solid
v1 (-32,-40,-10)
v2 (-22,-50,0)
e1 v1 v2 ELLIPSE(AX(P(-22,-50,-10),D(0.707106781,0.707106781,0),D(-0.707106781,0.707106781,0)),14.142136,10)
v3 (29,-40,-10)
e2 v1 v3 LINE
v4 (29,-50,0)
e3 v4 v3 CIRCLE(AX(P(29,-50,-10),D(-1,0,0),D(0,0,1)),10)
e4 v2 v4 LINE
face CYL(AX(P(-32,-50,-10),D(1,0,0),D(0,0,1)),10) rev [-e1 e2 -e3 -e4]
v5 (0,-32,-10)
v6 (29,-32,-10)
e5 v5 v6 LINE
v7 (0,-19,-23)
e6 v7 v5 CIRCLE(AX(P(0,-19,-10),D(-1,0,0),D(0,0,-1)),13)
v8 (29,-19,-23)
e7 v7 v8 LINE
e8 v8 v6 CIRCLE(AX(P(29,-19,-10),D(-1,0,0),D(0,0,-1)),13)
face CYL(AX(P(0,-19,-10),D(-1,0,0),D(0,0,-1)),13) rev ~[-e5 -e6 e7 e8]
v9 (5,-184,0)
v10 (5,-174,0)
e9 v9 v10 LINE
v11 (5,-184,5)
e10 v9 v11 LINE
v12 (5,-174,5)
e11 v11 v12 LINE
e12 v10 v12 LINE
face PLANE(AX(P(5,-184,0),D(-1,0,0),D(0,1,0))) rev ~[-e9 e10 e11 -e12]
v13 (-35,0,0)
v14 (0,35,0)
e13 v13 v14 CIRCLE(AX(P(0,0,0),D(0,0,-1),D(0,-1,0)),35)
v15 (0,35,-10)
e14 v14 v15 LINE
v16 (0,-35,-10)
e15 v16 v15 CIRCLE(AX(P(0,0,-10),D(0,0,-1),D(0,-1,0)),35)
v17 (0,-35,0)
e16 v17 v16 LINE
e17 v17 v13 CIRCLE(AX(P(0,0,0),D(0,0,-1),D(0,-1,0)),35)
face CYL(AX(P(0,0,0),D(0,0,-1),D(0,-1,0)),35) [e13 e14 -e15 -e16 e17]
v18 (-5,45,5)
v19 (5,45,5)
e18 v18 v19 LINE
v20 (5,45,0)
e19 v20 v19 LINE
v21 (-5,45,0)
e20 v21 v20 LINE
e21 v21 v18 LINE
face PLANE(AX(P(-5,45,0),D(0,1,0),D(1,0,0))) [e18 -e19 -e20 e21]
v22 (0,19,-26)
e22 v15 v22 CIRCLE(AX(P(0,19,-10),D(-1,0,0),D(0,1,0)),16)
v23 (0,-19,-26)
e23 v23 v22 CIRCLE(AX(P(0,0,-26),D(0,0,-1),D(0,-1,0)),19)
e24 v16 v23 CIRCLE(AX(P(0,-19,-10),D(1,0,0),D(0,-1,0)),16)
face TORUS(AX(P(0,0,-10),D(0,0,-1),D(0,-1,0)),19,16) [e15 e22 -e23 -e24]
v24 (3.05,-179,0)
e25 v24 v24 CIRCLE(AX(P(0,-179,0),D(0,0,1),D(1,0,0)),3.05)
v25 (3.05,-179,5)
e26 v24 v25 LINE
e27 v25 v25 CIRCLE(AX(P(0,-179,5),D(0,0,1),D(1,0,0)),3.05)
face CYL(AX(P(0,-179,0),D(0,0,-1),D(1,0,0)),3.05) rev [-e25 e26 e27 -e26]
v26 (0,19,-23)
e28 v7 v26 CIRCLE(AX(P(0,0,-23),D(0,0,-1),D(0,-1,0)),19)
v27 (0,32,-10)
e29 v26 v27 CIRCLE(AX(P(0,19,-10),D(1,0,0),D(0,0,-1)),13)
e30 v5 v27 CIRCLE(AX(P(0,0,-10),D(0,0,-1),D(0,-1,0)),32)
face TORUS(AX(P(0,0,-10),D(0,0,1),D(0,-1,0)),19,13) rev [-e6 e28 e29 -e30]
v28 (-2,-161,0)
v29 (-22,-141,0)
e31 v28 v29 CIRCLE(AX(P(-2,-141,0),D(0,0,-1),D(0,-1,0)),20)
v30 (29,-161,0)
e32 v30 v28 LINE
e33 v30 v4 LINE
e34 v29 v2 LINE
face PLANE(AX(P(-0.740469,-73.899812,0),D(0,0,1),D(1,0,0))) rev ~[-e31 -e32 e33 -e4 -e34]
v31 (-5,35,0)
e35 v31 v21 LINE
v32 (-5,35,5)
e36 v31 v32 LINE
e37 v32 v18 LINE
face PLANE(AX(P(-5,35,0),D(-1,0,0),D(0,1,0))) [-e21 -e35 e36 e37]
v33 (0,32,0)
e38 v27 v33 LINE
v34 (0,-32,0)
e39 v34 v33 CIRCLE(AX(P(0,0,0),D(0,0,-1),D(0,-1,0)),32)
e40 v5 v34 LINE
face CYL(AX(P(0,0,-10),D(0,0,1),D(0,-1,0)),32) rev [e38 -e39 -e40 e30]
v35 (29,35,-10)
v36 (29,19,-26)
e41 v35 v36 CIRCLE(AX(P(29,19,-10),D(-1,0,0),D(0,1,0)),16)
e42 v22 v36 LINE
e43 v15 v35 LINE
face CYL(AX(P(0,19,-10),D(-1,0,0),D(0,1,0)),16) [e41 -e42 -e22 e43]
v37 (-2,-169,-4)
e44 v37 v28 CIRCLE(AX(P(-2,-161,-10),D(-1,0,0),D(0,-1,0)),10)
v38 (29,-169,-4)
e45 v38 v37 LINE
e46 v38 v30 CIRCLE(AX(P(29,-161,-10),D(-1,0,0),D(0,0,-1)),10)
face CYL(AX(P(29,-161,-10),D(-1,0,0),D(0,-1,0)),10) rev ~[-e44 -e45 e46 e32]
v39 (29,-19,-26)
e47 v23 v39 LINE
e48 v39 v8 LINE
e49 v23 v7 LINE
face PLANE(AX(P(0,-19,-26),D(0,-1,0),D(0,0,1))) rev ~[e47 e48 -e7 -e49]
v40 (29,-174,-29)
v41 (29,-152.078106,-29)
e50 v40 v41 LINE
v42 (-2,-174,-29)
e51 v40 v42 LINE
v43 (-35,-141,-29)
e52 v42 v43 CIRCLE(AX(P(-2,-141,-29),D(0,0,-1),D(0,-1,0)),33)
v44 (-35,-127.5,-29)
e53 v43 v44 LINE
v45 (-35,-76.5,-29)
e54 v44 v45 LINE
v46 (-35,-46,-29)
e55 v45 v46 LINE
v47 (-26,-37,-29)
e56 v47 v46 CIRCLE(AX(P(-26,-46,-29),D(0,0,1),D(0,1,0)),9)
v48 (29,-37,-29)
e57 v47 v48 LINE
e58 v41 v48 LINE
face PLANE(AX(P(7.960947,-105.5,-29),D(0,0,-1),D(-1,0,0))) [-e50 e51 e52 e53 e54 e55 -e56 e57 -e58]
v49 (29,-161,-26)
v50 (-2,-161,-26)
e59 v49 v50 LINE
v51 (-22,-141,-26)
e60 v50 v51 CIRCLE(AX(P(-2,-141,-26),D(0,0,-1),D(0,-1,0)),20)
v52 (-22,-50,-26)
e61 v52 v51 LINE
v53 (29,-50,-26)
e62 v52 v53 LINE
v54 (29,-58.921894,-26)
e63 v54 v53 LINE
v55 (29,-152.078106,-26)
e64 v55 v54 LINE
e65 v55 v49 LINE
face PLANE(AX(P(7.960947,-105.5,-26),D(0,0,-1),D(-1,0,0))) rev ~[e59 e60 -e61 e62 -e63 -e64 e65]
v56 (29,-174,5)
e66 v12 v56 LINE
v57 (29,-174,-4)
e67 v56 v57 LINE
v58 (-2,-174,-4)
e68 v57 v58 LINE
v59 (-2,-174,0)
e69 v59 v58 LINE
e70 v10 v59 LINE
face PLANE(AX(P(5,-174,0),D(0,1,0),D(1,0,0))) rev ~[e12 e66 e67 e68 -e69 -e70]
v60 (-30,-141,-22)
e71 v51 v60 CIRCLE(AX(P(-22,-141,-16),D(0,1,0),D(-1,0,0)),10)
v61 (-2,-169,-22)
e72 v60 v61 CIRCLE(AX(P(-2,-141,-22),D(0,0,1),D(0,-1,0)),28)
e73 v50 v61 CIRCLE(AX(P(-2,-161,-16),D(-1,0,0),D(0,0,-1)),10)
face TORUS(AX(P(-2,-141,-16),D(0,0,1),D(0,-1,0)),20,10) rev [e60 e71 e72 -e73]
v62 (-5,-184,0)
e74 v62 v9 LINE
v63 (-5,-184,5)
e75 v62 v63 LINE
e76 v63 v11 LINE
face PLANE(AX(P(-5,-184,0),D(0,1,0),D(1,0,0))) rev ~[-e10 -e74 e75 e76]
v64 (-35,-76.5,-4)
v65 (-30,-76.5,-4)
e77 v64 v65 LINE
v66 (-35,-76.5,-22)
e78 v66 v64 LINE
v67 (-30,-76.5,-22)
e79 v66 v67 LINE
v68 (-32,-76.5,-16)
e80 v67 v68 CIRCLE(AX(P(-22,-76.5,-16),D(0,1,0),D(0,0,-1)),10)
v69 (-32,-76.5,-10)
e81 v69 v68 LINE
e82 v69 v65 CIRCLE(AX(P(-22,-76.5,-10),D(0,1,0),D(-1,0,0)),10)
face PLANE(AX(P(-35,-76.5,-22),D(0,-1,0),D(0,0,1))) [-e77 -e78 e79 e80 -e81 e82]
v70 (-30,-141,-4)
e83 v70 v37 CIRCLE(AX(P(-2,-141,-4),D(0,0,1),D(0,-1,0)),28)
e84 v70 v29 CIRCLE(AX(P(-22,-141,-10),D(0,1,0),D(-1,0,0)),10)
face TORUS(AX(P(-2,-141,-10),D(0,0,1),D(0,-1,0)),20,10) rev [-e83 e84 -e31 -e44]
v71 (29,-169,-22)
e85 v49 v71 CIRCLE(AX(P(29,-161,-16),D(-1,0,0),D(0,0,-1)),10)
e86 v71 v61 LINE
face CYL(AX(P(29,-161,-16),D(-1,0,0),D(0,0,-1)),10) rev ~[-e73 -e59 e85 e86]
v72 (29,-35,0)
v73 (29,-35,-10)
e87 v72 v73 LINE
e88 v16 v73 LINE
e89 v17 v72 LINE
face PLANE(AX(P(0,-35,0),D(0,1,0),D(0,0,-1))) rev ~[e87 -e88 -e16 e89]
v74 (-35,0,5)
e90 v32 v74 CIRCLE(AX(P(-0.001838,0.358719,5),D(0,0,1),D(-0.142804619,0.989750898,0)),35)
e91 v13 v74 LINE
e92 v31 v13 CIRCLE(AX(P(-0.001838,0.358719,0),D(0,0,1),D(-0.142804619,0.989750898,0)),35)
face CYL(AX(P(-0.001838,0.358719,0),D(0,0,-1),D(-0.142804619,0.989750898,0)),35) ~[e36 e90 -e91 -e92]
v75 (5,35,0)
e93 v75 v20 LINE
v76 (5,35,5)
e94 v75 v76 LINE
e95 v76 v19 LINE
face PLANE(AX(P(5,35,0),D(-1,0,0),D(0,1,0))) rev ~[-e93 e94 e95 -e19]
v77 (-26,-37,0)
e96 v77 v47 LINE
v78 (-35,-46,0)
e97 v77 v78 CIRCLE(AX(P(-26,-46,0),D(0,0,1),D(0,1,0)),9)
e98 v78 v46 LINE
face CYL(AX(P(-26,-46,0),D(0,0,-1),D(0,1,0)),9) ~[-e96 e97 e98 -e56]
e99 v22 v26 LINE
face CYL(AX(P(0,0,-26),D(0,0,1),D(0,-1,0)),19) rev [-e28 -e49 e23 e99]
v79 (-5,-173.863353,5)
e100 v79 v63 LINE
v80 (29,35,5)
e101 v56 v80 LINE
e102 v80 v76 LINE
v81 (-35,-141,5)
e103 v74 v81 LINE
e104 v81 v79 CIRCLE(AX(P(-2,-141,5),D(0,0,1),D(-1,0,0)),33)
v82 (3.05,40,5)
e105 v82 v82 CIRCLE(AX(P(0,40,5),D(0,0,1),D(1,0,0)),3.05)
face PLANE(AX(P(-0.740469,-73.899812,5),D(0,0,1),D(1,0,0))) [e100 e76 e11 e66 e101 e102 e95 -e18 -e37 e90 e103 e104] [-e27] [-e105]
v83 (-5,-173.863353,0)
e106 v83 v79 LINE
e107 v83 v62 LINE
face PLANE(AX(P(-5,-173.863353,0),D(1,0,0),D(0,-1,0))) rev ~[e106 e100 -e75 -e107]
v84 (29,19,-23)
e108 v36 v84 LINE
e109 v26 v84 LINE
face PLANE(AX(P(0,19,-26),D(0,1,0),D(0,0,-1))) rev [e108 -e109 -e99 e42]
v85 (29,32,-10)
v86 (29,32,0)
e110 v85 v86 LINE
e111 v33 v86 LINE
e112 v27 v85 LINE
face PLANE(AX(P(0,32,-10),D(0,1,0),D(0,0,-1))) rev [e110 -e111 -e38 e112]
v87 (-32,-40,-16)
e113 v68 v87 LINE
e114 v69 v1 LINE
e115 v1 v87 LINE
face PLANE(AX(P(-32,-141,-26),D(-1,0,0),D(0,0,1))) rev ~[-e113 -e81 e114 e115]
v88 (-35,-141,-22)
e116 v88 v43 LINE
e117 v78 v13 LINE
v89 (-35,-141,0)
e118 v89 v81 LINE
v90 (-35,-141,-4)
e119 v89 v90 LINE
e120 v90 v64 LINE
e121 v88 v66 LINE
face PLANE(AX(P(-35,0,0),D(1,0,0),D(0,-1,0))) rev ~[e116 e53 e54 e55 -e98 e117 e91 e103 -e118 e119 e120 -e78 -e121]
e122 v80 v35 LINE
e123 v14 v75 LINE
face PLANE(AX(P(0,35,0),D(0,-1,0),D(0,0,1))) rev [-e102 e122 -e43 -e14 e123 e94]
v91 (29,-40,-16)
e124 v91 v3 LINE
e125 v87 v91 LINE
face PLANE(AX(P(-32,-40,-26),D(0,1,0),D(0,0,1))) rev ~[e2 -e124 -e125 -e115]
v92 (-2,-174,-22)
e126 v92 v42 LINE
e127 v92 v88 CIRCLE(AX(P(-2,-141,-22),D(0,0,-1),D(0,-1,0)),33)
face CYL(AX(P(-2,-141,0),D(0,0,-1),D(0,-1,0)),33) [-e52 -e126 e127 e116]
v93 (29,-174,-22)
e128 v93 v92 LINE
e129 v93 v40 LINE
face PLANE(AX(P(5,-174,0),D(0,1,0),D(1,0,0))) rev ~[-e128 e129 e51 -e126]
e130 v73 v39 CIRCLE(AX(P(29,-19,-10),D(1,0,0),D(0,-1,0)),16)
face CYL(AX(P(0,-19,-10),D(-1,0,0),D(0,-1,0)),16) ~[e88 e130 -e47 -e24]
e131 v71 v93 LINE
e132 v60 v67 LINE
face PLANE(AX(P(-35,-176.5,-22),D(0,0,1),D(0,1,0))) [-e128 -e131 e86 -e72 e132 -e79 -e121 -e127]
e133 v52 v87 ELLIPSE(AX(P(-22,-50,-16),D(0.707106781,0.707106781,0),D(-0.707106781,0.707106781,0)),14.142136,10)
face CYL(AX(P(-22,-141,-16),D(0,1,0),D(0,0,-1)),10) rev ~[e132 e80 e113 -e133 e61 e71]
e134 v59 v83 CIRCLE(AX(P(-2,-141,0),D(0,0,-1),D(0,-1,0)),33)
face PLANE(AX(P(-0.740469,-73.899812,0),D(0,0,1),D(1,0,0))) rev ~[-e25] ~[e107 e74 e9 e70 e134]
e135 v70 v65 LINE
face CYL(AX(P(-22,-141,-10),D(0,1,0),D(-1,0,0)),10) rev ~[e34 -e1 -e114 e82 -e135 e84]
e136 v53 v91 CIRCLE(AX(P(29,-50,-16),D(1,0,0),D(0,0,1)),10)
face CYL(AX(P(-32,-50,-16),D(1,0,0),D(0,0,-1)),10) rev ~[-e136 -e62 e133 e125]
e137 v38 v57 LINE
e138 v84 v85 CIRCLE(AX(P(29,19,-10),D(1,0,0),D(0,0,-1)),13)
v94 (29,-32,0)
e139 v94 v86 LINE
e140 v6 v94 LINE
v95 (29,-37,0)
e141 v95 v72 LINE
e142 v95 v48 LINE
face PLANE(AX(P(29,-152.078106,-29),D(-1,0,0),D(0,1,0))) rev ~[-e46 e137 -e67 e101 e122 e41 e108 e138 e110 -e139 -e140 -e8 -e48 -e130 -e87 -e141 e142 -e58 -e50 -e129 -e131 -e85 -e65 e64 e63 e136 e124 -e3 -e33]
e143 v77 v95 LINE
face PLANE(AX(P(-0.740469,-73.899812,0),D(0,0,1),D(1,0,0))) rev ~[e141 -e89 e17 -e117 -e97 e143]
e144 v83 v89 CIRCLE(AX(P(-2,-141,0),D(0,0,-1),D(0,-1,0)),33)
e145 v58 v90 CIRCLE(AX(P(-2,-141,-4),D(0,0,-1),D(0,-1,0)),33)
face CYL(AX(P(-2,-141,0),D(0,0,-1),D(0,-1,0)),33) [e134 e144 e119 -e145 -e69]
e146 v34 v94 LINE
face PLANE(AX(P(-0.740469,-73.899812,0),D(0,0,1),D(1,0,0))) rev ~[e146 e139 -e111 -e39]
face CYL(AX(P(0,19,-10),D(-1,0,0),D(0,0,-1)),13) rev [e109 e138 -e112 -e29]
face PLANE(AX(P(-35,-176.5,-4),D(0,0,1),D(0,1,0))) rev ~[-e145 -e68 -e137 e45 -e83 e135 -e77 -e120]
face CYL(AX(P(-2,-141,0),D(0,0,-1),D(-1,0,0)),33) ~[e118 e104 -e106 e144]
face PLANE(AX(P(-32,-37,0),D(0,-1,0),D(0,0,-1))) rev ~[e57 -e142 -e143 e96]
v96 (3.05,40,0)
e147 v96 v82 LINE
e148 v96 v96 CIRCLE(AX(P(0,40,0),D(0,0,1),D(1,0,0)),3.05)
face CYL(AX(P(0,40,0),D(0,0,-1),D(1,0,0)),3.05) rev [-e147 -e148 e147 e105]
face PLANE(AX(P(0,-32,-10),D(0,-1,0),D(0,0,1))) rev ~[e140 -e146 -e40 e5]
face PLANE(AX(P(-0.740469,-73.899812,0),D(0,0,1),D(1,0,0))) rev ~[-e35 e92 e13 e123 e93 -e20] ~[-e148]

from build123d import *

# Parameters (mm, degrees)
FILLET1_R           = 10
SKETCH12_R          = 3.05
SKETCH12_W          = 10
SKETCH12_H          = 10
BOSS_EXTRUDE4_DEPTH = 5
FILLET2_R           = 10
CUT_EXTRUDE5_REACH  = 198.959
SKETCH13_W          = 18
SKETCH13_H          = 100
REVOLVE2_ANGLE      = 180
BOSS_EXTRUDE5_DEPTH = 29
FILLET3_R           = 9
SKETCH15_W          = 42.078105567
SKETCH15_H          = 93.156211134
SKETCH15_W_2        = 21.921894433
SKETCH15_H_2        = 51
BOSS_EXTRUDE6_DEPTH = 3


with BuildPart() as part:
    # Sweep1: sweep along a path in r
    with BuildLine(Plane.XY) as sweep1_path:
        Line((29, -171), (-2, -171))
        ThreePointArc((-2, -171), (-23.213203436, -162.213203436), (-32, -141))
        Line((-32, -141), (-32, -40))
        Line((-32, -40), (29, -40))
    # Sketch11 → Sweep1 (sweep)
    with BuildSketch(Plane(origin=(29, 0, 0), x_dir=(0, 0, -1), z_dir=(1, 0, 0))):
        Polygon((0, -171), (0, -174), (29, -174), (29, -152.078105567), (26, -152.078105567), (26, -171), align=None)
    sweep(path=sweep1_path.line, transition=Transition.RIGHT)

    # Fillet1
    fillet1_edges = [part.edges().sort_by_distance(p)[0] for p in [
        (-23.213203436, -162.213203436, -26),
        (-32, -90.5, -26),
        (-1.5, -40, -26),
        (13.5, -171, -26),
    ]]
    fillet(fillet1_edges, radius=FILLET1_R)

    # Sketch12 → Boss-Extrude4 (add)
    # profile 1 of 2: a face of its own
    with BuildSketch(Plane.XY):
        with BuildLine():
            Line((29, 35), (5, 35))
            Line((5, 35), (-5, 35))
            ThreePointArc((-5, 35), (-26.575819403, 23.136416631), (-35, 0))
            Line((-35, 0), (-35, -141))
            ThreePointArc((-35, -141), (-26.372115214, -163.248595461), (-5, -173.86335345))
            Line((-5, -173.86335345), (-5, -184))
            Line((-5, -184), (5, -184))
            Line((5, -184), (5, -174))
            Line((5, -174), (29, -174))
            Line((29, -174), (29, 35))
        make_face()
        with Locations((0, -179)):
            Circle(SKETCH12_R, mode=Mode.SUBTRACT)
    # profile 2 of 2: a face of its own
    with BuildSketch(Plane.XY):
        with Locations((0, 40)):
            Rectangle(SKETCH12_W, SKETCH12_H)
        with Locations((0, 40)):
            Circle(SKETCH12_R, mode=Mode.SUBTRACT)
    extrude(amount=BOSS_EXTRUDE4_DEPTH)

    # Fillet2
    fillet2_edges = [part.edges().sort_by_distance(p)[0] for p in [
        (-23.213203436, -162.213203436, 0),
        (-32, -90.5, 0),
        (-1.5, -40, 0),
        (13.5, -171, 0),
    ]]
    fillet(fillet2_edges, radius=FILLET2_R)

    # Sketch13 → Cut-Extrude5 (cut, up to next)
    with BuildSketch(Plane.ZY.offset(35), mode=Mode.PRIVATE) as cut_extrude5_sk1:
        with Locations((-13, -126.5)):
            Rectangle(SKETCH13_W, SKETCH13_H)
    cut_extrude5_tool1 = extrude(cut_extrude5_sk1.sketch, amount=-CUT_EXTRUDE5_REACH, mode=Mode.PRIVATE) & part.part
    add(cut_extrude5_tool1.solids().sort_by_distance((-35, -126.5, -13))[0], mode=Mode.SUBTRACT)

    # Sketch14 → Revolve2 (revolve)
    with BuildSketch(Plane(origin=(0, 0, 0), x_dir=(0, 0, -1), z_dir=(1, 0, 0))):
        with BuildLine():
            Line((0, -35), (10, -35))
            ThreePointArc((10, -35), (21.313708499, -30.313708499), (26, -19))
            Line((26, -19), (23, -19))
            ThreePointArc((23, -19), (19.192388155, -28.192388155), (10, -32))
            Line((10, -32), (0, -32))
            Line((0, -32), (0, -35))
        make_face()
    revolve(axis=Axis((0, 0, -23), (0, 0, -1)), revolution_arc=REVOLVE2_ANGLE)

    # Sketch14<4> → Boss-Extrude5 (add, through all)
    with BuildSketch(Plane(origin=(0, 0, 0), x_dir=(0, 0, -1), z_dir=(1, 0, 0))):
        with BuildLine():
            Line((0, -32), (0, -35))
            Line((0, -35), (10, -35))
            ThreePointArc((10, -35), (21.313708499, -30.313708499), (26, -19))
            Line((26, -19), (23, -19))
            ThreePointArc((23, -19), (19.192388155, -28.192388155), (10, -32))
            Line((10, -32), (0, -32))
        make_face()
    boss_extrude5 = extrude(amount=BOSS_EXTRUDE5_DEPTH)

    # Mirror1: Boss-Extrude5 across plane
    add(boss_extrude5.mirror(Plane.ZX))

    # Fillet3
    fillet3_edges = [part.edges().sort_by_distance(p)[0] for p in [
        (-35, -37, -14.5),
    ]]
    fillet(fillet3_edges, radius=FILLET3_R)

    # Sketch15 → Boss-Extrude6 (add)
    with BuildSketch(Plane(origin=(0, 0, -29), x_dir=(-1, 0, 0), z_dir=(0, 0, -1))):
        with Locations((-7.960947217, -105.5)):
            Rectangle(SKETCH15_W, SKETCH15_H)
        with Locations((24.039052784, -102)):
            Rectangle(SKETCH15_W_2, SKETCH15_H_2)
    extrude(amount=-BOSS_EXTRUDE6_DEPTH)


solid = part.part
